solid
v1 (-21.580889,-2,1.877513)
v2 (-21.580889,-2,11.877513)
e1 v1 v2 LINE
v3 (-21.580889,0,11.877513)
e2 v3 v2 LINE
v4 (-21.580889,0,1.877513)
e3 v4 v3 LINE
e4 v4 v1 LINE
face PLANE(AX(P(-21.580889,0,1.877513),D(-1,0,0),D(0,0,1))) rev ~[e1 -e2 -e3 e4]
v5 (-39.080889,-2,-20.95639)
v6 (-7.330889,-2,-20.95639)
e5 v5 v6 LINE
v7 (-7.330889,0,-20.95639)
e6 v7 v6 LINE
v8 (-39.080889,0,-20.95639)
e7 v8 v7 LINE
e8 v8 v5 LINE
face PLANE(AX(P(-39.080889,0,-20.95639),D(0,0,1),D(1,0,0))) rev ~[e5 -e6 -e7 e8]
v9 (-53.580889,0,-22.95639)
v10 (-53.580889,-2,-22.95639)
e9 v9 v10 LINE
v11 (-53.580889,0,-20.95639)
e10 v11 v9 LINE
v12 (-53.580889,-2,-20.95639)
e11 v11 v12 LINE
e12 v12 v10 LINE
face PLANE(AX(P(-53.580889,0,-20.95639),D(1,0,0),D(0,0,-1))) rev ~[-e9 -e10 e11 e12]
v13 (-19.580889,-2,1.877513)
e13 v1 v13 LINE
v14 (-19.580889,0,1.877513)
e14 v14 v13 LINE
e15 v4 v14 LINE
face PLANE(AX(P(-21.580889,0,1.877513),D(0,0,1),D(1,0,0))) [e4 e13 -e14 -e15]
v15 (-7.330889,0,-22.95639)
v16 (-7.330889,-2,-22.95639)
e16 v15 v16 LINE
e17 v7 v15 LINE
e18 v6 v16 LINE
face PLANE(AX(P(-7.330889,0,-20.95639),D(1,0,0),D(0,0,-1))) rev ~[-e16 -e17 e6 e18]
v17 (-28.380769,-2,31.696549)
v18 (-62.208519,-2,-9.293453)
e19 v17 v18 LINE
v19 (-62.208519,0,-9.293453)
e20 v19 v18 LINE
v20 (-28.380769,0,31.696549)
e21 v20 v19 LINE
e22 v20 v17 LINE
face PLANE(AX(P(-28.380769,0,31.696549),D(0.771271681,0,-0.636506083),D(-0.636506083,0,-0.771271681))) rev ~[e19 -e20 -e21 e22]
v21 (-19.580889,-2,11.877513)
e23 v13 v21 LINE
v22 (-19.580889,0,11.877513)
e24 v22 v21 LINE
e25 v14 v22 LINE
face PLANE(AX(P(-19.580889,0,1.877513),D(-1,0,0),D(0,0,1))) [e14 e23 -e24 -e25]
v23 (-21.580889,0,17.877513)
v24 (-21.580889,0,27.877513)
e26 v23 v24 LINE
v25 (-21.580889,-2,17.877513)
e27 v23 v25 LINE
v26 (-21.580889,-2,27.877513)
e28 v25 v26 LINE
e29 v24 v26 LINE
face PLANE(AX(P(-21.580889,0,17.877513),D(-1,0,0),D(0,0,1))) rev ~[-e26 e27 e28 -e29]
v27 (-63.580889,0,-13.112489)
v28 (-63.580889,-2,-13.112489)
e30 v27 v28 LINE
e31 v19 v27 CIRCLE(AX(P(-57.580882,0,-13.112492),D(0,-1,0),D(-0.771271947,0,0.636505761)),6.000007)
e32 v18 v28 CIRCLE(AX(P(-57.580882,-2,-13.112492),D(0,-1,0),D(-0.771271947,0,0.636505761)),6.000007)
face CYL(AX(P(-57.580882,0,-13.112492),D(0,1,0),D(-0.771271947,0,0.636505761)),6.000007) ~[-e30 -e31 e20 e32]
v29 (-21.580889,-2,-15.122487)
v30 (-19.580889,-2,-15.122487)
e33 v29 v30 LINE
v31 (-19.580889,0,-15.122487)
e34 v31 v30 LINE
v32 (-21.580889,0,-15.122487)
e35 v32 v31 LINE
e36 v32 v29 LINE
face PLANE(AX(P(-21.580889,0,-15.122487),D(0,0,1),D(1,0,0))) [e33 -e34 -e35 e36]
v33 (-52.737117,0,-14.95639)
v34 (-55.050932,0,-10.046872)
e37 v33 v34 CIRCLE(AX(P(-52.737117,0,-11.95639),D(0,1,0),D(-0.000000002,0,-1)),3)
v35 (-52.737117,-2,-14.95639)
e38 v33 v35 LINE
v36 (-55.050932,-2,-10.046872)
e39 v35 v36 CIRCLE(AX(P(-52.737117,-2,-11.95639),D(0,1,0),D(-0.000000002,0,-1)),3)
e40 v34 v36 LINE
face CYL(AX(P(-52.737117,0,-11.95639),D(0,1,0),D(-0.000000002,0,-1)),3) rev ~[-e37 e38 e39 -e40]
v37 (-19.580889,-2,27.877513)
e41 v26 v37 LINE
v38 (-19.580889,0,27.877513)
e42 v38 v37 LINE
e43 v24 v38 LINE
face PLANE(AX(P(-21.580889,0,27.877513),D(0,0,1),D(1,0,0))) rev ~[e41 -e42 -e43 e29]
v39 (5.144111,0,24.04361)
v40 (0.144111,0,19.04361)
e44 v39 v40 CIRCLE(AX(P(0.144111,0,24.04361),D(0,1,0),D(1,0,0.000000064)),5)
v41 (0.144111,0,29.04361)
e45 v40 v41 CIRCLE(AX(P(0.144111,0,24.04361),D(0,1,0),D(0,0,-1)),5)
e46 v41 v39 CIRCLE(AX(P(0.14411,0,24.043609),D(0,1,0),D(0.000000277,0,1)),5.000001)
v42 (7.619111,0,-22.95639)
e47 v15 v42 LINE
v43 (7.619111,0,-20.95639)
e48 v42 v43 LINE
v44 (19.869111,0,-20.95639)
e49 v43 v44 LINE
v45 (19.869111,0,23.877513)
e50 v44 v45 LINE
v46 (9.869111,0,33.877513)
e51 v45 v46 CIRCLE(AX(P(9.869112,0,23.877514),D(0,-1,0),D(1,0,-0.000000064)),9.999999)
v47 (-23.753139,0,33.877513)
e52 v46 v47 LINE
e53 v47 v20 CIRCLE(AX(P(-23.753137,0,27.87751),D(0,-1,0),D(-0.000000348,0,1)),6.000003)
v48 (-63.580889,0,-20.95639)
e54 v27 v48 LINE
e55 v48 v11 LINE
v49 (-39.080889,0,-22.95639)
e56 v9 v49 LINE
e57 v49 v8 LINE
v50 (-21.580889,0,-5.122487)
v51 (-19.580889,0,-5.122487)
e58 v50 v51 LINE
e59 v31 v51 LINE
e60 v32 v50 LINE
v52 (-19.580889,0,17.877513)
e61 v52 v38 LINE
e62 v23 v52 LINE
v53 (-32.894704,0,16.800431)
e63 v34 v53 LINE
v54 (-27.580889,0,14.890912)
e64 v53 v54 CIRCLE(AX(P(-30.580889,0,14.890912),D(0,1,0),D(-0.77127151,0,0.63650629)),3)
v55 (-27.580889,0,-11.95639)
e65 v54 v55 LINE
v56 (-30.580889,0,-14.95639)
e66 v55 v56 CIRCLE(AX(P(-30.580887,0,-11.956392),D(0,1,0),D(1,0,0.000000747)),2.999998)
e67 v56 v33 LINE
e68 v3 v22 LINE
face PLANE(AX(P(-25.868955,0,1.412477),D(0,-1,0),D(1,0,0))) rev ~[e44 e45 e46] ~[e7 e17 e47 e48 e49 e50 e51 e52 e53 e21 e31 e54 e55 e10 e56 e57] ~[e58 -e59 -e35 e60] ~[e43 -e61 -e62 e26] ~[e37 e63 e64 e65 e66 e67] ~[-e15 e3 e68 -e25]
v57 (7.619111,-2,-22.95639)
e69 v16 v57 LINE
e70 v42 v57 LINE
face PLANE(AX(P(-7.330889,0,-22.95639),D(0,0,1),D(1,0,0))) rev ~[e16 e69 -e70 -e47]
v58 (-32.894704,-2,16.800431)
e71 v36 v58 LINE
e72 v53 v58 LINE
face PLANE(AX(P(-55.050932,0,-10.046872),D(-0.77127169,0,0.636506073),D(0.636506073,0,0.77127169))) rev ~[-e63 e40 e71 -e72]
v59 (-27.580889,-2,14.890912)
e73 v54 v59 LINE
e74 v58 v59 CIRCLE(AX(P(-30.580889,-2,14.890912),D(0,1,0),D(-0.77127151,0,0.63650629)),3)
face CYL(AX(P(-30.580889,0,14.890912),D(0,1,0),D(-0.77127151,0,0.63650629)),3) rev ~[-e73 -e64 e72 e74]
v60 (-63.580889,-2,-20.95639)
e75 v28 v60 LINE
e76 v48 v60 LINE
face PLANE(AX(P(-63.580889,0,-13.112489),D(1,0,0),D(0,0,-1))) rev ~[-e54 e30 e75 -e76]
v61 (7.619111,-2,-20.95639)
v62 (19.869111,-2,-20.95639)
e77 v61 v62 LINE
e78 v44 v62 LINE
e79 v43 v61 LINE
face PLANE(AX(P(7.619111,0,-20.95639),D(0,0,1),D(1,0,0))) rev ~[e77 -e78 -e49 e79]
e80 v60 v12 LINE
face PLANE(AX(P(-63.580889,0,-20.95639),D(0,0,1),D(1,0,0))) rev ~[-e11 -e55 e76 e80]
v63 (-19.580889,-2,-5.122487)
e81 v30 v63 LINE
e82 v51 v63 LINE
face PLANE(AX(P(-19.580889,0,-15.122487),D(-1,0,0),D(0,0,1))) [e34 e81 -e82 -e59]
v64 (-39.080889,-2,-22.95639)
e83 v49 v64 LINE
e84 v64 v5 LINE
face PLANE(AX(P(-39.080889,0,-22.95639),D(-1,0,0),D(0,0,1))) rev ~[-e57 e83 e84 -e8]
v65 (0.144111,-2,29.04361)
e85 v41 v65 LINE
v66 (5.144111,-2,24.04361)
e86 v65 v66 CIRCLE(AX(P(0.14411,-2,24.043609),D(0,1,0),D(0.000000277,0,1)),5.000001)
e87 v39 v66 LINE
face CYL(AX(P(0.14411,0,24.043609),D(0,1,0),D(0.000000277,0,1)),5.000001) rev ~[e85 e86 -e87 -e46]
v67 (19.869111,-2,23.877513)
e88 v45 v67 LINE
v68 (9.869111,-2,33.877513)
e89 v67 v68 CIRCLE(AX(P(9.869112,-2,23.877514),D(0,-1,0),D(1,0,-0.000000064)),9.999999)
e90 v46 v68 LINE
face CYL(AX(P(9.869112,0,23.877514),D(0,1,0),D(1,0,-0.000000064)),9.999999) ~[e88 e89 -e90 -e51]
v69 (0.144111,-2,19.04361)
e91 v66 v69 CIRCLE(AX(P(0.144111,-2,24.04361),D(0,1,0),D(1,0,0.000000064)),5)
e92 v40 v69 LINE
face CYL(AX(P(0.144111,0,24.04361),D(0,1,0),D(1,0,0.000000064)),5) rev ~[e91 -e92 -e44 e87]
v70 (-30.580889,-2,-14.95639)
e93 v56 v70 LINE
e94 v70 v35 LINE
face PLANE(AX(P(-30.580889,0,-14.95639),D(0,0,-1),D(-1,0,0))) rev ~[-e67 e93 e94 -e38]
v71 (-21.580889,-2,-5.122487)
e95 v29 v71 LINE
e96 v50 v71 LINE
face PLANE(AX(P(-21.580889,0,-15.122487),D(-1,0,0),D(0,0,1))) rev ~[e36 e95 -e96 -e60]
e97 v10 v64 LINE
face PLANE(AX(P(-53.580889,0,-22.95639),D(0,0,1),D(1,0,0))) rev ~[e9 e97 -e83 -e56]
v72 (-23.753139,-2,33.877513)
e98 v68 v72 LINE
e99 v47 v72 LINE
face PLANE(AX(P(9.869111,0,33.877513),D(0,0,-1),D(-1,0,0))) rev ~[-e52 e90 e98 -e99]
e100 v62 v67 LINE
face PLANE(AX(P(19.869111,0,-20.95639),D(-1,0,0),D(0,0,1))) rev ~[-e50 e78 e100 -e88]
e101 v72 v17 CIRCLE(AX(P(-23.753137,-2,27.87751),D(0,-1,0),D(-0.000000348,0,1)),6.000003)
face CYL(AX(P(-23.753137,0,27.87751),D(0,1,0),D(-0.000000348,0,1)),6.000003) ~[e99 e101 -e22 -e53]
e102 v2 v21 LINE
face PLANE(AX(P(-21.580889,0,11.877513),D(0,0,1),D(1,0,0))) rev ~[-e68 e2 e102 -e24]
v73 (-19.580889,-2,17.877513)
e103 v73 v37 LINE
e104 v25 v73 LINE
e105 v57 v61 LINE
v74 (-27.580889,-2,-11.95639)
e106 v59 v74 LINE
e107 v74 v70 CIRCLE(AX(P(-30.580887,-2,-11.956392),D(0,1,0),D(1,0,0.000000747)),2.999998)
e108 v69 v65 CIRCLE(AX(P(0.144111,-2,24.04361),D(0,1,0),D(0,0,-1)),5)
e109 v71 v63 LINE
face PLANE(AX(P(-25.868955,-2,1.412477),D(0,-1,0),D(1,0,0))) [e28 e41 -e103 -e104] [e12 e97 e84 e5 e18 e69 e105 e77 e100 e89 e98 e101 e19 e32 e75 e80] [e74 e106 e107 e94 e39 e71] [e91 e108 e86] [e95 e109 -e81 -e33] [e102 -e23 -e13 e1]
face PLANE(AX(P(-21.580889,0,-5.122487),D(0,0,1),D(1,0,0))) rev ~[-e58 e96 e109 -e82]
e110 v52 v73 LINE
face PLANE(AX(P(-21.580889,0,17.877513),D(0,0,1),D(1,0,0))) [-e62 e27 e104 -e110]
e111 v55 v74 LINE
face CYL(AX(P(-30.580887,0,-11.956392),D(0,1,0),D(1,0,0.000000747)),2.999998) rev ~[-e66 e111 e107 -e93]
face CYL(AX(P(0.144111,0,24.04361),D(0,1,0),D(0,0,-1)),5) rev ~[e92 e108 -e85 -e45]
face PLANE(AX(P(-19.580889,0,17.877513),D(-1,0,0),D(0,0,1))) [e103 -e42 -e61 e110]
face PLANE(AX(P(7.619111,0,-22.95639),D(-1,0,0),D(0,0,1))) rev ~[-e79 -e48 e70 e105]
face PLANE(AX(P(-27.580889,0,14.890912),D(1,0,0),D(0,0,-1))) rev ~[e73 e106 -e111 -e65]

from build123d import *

# Parameters (mm, degrees)
F0_W     = 2
F0_H     = 10
F1_DEPTH = 2


with BuildPart() as f1:
    # F0 (on Front) → F1 (new body)
    with BuildSketch(Plane.XZ):
        with BuildLine():
            Line((0.144111, 33.877513), (-19.580889, 33.877513))
            Line((-19.580889, 33.877513), (-21.580889, 33.877513))
            Line((-21.580889, 33.877513), (-23.753139, 33.877513))
            ThreePointArc((-23.753139, 33.877513), (-26.311046, 33.304953), (-28.380769, 31.696549))
            Line((-28.380769, 31.696549), (-62.208519, -9.293453))
            ThreePointArc((-62.208519, -9.293453), (-63.227382, -11.083423), (-63.580889, -13.112489))
            Line((-63.580889, -13.112489), (-63.580889, -20.95639))
            Line((-63.580889, -20.95639), (-53.580889, -20.95639))
            Line((-53.580889, -20.95639), (-53.580889, -22.95639))
            Line((-53.580889, -22.95639), (-39.080889, -22.95639))
            Line((-39.080889, -22.95639), (-39.080889, -20.95639))
            Line((-39.080889, -20.95639), (-21.580889, -20.95639))
            Line((-21.580889, -20.95639), (-7.330889, -20.95639))
            Line((-7.330889, -20.95639), (-7.330889, -21.122487))
            Line((-7.330889, -21.122487), (-7.330889, -22.95639))
            Line((-7.330889, -22.95639), (0.144111, -22.95639))
            Line((0.144111, -22.95639), (0.144111, 19.04361))
            ThreePointArc((0.144111, 19.04361), (-4.855889, 24.04361), (0.144111, 29.04361))
            Line((0.144111, 29.04361), (0.144111, 33.877513))
        make_face()
        with BuildLine():
            Line((-30.580889, -14.95639), (-52.737117, -14.95639))
            ThreePointArc((-52.737117, -14.95639), (-55.450837, -13.235344), (-55.050932, -10.046872))
            Line((-55.050932, -10.046872), (-32.894704, 16.800431))
            ThreePointArc((-32.894704, 16.800431), (-29.566356, 17.714159), (-27.580889, 14.890912))
            Line((-27.580889, 14.890912), (-27.580889, -11.95639))
            ThreePointArc((-27.580889, -11.95639), (-28.459568, -14.077711), (-30.580889, -14.95639))
        make_face(mode=Mode.SUBTRACT)
        with Locations((-20.580889, -10.122487)):
            Rectangle(F0_W, F0_H, mode=Mode.SUBTRACT)
        with Locations((-20.580889, 6.877513)):
            Rectangle(F0_W, F0_H, mode=Mode.SUBTRACT)
        with Locations((-20.580889, 22.877513)):
            Rectangle(F0_W, F0_H, mode=Mode.SUBTRACT)
        with BuildLine():
            Line((9.869111, 33.877513), (0.144111, 33.877513))
            Line((0.144111, 33.877513), (0.144111, 29.04361))
            ThreePointArc((0.144111, 29.04361), (3.679645, 27.579143), (5.144111, 24.04361))
            ThreePointArc((5.144111, 24.04361), (3.679645, 20.508076), (0.144111, 19.04361))
            Line((0.144111, 19.04361), (0.144111, -22.95639))
            Line((0.144111, -22.95639), (7.619111, -22.95639))
            Line((7.619111, -22.95639), (7.619111, -21.122487))
            Line((7.619111, -21.122487), (7.619111, -20.95639))
            Line((7.619111, -20.95639), (19.869111, -20.95639))
            Line((19.869111, -20.95639), (19.869111, -15.122487))
            Line((19.869111, -15.122487), (19.869111, -5.122487))
            Line((19.869111, -5.122487), (19.869111, 1.877513))
            Line((19.869111, 1.877513), (19.869111, 11.877513))
            Line((19.869111, 11.877513), (19.869111, 17.877513))
            Line((19.869111, 17.877513), (19.869111, 23.877513))
            ThreePointArc((19.869111, 23.877513), (16.940179, 30.948581), (9.869111, 33.877513))
        make_face()
    extrude(amount=F1_DEPTH)


solid = f1.part
